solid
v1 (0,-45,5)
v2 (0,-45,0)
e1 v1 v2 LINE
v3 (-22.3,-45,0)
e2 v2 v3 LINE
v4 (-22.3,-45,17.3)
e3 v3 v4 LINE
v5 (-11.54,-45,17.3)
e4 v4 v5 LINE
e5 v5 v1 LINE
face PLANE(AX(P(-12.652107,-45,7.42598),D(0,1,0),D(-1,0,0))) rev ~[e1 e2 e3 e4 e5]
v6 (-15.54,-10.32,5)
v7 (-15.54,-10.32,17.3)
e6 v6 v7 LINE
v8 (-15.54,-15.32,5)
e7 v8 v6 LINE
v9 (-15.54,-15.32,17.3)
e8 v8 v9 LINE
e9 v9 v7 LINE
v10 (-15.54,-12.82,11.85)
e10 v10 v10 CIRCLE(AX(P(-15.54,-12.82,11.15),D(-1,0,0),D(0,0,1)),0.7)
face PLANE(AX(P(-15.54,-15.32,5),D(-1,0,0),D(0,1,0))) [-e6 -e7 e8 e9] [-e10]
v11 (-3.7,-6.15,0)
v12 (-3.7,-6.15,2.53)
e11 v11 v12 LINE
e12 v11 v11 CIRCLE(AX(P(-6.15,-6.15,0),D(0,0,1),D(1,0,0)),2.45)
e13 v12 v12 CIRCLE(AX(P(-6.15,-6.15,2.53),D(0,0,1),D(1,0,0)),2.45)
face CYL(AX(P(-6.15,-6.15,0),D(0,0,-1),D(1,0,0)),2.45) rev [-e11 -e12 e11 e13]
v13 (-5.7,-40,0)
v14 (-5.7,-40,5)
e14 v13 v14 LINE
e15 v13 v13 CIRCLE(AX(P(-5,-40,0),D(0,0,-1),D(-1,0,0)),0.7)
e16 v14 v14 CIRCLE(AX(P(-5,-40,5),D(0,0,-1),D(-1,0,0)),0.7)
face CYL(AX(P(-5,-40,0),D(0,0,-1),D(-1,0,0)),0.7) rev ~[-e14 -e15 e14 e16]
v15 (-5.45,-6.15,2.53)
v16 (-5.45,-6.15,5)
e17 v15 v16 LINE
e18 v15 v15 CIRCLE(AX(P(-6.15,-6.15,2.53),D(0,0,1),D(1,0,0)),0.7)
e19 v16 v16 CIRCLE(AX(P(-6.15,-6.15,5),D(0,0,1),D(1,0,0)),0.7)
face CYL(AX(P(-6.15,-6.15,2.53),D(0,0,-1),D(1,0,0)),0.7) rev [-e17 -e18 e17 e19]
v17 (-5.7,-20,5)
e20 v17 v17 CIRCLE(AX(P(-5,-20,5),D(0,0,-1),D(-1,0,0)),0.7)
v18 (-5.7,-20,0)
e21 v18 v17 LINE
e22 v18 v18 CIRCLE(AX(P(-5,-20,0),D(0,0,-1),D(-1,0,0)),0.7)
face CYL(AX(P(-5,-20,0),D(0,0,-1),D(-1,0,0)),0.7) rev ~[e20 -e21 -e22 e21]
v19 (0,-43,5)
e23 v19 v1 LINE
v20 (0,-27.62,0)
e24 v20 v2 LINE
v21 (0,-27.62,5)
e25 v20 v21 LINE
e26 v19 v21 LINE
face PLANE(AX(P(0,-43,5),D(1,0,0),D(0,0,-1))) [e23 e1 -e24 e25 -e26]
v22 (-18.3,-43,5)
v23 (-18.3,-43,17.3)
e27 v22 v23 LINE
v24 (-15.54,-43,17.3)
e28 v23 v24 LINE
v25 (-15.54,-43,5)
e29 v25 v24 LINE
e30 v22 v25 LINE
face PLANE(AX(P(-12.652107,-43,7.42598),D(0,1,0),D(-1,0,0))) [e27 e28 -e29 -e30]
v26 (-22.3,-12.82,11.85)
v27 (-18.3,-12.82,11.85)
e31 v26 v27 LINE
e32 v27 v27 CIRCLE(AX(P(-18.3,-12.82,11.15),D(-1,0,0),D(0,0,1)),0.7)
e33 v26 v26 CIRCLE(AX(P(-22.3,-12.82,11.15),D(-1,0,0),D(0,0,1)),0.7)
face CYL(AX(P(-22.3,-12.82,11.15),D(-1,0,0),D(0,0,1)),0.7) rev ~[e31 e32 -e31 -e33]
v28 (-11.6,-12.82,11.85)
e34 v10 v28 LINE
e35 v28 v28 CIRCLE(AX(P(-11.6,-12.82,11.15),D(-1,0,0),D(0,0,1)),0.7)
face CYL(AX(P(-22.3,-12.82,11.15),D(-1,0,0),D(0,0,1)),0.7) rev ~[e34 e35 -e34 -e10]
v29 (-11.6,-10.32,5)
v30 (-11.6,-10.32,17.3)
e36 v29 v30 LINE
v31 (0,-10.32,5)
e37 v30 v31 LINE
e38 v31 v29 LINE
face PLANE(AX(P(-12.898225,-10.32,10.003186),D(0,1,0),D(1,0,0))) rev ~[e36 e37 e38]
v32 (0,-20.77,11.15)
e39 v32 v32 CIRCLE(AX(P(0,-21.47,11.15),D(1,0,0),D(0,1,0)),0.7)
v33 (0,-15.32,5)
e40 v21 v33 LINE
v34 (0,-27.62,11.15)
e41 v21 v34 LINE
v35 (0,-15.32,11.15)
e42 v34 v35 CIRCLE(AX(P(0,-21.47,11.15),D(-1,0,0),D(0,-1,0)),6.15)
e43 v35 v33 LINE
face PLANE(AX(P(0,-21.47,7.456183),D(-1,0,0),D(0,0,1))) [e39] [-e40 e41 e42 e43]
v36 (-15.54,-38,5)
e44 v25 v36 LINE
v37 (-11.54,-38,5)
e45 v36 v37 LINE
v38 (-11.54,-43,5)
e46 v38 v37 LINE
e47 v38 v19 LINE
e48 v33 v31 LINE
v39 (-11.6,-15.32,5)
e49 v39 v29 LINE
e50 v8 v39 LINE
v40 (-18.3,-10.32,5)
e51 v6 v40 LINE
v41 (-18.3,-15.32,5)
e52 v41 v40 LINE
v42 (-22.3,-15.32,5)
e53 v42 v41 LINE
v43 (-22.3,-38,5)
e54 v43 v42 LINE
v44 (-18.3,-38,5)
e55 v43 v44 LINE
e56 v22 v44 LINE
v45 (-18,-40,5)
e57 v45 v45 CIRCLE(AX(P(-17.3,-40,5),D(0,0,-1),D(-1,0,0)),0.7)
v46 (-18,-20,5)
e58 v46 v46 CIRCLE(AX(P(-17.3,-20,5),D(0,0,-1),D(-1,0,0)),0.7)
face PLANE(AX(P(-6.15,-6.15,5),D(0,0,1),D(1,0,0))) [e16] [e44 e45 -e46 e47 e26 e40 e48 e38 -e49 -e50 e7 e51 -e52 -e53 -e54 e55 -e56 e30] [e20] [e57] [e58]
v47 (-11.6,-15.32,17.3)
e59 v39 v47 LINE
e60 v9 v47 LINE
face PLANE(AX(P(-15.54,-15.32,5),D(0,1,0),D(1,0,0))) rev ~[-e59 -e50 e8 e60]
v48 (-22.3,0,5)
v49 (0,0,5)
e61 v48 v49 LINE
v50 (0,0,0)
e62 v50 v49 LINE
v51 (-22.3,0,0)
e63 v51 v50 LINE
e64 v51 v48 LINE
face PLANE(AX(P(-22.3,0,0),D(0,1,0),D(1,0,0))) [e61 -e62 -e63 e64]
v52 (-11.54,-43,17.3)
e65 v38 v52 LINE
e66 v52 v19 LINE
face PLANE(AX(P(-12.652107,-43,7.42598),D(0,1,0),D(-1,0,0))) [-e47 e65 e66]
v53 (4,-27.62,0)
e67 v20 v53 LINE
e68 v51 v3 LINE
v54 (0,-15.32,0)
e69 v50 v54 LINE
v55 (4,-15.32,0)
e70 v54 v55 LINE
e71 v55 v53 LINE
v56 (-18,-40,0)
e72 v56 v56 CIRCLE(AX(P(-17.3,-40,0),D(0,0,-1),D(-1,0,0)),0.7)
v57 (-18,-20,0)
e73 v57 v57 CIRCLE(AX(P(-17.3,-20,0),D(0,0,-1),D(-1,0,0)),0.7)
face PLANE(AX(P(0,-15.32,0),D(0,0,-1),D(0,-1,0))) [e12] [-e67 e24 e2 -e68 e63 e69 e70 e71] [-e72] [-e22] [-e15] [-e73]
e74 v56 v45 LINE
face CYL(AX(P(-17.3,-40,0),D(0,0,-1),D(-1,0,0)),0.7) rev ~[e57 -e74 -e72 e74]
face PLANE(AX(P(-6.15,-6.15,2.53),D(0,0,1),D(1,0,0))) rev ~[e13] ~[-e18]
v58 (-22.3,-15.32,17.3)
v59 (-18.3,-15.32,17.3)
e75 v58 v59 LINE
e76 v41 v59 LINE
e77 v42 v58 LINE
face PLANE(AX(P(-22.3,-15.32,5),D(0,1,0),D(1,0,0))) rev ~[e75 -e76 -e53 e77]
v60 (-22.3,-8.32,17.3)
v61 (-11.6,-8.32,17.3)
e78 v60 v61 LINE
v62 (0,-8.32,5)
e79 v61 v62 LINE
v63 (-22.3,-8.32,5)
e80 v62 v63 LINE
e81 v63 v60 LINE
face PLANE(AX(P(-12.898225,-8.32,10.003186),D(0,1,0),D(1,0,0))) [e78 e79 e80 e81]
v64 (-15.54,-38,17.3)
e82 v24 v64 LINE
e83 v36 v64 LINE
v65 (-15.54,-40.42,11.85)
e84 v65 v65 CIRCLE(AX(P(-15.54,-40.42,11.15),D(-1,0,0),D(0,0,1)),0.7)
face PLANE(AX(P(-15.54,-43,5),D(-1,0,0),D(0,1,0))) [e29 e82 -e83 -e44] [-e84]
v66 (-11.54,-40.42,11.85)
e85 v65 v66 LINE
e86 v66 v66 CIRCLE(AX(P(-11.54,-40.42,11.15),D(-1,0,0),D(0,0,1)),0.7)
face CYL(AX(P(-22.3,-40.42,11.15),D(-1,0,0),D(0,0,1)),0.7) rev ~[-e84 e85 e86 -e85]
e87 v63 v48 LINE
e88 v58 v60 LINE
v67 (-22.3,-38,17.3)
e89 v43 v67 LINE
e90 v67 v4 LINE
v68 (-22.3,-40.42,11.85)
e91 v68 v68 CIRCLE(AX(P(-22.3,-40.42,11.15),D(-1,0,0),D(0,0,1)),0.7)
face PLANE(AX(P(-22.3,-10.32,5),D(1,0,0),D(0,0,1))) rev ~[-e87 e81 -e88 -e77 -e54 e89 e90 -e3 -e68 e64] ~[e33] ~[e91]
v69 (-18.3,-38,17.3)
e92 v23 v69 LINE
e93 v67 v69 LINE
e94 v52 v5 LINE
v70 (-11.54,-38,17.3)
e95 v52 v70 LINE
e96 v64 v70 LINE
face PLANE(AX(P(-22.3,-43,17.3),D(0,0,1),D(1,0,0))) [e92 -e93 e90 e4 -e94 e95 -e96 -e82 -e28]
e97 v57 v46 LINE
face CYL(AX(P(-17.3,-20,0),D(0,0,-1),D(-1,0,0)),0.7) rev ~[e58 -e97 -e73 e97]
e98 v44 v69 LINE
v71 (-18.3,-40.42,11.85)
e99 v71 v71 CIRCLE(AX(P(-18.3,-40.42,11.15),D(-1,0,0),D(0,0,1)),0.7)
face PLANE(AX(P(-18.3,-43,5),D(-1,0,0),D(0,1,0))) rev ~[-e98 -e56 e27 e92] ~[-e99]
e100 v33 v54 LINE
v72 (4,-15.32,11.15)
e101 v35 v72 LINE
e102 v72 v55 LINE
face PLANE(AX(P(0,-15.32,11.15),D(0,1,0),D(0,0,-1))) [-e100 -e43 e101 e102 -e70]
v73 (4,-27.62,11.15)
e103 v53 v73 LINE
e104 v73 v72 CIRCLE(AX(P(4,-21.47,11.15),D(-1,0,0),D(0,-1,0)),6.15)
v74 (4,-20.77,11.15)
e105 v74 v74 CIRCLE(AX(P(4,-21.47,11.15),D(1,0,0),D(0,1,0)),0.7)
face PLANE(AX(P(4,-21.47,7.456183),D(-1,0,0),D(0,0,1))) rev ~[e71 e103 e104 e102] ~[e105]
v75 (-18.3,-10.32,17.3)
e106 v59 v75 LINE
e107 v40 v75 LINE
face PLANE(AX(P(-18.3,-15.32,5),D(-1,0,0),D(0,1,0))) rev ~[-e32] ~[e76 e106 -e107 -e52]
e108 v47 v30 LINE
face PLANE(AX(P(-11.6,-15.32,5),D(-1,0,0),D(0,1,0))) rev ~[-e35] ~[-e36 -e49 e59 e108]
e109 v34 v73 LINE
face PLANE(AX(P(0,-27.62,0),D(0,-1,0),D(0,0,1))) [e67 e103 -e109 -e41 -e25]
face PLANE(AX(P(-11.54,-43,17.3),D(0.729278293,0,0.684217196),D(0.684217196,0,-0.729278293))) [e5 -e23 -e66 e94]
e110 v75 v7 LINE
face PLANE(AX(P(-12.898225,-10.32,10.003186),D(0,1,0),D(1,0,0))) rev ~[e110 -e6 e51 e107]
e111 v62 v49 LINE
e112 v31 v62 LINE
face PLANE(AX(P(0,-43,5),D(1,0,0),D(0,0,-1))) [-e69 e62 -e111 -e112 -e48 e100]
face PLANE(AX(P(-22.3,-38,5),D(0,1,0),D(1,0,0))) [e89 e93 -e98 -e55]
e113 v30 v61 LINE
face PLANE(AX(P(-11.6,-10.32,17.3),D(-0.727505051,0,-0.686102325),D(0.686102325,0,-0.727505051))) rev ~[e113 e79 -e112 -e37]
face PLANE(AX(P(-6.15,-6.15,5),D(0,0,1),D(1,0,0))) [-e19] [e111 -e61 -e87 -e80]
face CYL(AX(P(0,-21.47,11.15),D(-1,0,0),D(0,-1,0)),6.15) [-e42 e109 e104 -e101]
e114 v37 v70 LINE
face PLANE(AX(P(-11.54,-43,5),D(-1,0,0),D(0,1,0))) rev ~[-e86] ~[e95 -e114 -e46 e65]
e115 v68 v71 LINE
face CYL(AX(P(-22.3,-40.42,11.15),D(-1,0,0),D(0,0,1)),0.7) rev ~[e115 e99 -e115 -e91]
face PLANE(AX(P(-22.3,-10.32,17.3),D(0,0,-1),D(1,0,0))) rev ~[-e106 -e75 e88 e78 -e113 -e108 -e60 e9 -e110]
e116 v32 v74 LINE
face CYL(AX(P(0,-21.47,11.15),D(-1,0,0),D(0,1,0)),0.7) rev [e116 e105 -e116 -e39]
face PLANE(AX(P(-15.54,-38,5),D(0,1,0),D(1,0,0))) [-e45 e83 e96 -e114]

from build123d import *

# Parameters (mm, degrees)
ESQUISSE1_W             = 22.3
ESQUISSE1_H             = 43
ESQUISSE1_R             = 2.45
BOSS_EXTRU_1_DEPTH      = 5
BOSS_EXTRU_2_START      = -2.47
ESQUISSE2_R             = 2.45
ESQUISSE2_R_2           = 0.7
BOSS_EXTRU_2_DEPTH      = 2.47
ESQUISSE3_W             = 4
ESQUISSE3_H             = 5
ESQUISSE3_W_2           = 3.94
BOSS_EXTRU_3_DEPTH      = 12.3
ESQUISSE4_R             = 0.7
ENL_V_MAT_EXTRU_1_DEPTH = 52.435201954
BOSS_EXTRU_4_DEPTH      = 2
BOSS_EXTRU_5_DEPTH      = 2
ESQUISSE7_R             = 0.7
BOSS_EXTRU_6_DEPTH      = 4
ESQUISSE8_R             = 0.7
ENL_V_MAT_EXTRU_3_DEPTH = 54.118546667


with BuildPart() as part:
    # Esquisse1 → Boss.-Extru.1 (new body)
    with BuildSketch(Plane.XY):
        with Locations((-11.15, -21.5)):
            Rectangle(ESQUISSE1_W, ESQUISSE1_H)
        with Locations((-6.15, -6.15)):
            Circle(ESQUISSE1_R, mode=Mode.SUBTRACT)
    extrude(amount=BOSS_EXTRU_1_DEPTH)

    # Esquisse2 → Boss.-Extru.2 (add)
    with BuildSketch(Plane.XY.offset(5).offset(BOSS_EXTRU_2_START)):
        with Locations((-6.15, -6.15)):
            Circle(ESQUISSE2_R)
        with Locations((-6.15, -6.15)):
            Circle(ESQUISSE2_R_2, mode=Mode.SUBTRACT)
    extrude(amount=BOSS_EXTRU_2_DEPTH)

    # Esquisse3 → Boss.-Extru.3 (add)
    with BuildSketch(Plane.XY.offset(5)):
        with Locations((-20.3, -40.5)):
            Rectangle(ESQUISSE3_W, ESQUISSE3_H)
        with Locations((-13.54, -40.5)):
            Rectangle(ESQUISSE3_W, ESQUISSE3_H)
        with Locations((-20.3, -12.82)):
            Rectangle(ESQUISSE3_W, ESQUISSE3_H)
        with Locations((-13.57, -12.82)):
            Rectangle(ESQUISSE3_W_2, ESQUISSE3_H)
    extrude(amount=BOSS_EXTRU_3_DEPTH)

    # Esquisse4 → Enlèv. mat.-Extru.1 (cut, through all)
    with BuildSketch(Plane.ZY.offset(22.3)):
        with Locations((11.15, -12.82)):
            Circle(ESQUISSE4_R)
        with Locations((11.15, -40.42)):
            Circle(ESQUISSE4_R)
    extrude(amount=-ENL_V_MAT_EXTRU_1_DEPTH, mode=Mode.SUBTRACT)

    # Esquisse5 → Boss.-Extru.4 (add)
    with BuildSketch(Plane.XZ.offset(43)):
        Polygon((-22.3, 17.3), (-11.54, 17.3), (0, 5), (0, 0), (-22.3, 0), align=None)
    extrude(amount=BOSS_EXTRU_4_DEPTH)

    # Esquisse6 → Boss.-Extru.5 (add)
    with BuildSketch(Plane(origin=(0, -10.32, 0), x_dir=(1, 0, 0), z_dir=(0, 1, 0))):
        Polygon((-22.3, -5), (-22.3, -17.3), (-11.6, -17.3), (0, -5), align=None)
    extrude(amount=BOSS_EXTRU_5_DEPTH)

    # Esquisse7 → Boss.-Extru.6 (add)
    with BuildSketch(Plane(origin=(0, 0, 0), x_dir=(0, 0, -1), z_dir=(1, 0, 0))):
        with BuildLine():
            Line((-11.15, -15.32), (0, -15.32))
            Line((0, -15.32), (0, -27.62))
            Line((0, -27.62), (-11.15, -27.62))
            ThreePointArc((-11.15, -27.62), (-17.3, -21.47), (-11.15, -15.32))
        make_face()
        with Locations(Location((-11.15, -21.47, 0), (0, 0, 90))):
            Circle(ESQUISSE7_R, mode=Mode.SUBTRACT)
    extrude(amount=BOSS_EXTRU_6_DEPTH)

    # Esquisse8 → Enlèv. mat.-Extru.3 (cut, through all)
    with BuildSketch(Plane(origin=(0, 0, 0), x_dir=(-1, 0, 0), z_dir=(0, 0, -1))):
        with Locations((17.3, -40)):
            Circle(ESQUISSE8_R)
        with Locations((5, -40)):
            Circle(ESQUISSE8_R)
        with Locations((5, -20)):
            Circle(ESQUISSE8_R)
        with Locations((17.3, -20)):
            Circle(ESQUISSE8_R)
    extrude(amount=-ENL_V_MAT_EXTRU_3_DEPTH, mode=Mode.SUBTRACT)


solid = part.part
